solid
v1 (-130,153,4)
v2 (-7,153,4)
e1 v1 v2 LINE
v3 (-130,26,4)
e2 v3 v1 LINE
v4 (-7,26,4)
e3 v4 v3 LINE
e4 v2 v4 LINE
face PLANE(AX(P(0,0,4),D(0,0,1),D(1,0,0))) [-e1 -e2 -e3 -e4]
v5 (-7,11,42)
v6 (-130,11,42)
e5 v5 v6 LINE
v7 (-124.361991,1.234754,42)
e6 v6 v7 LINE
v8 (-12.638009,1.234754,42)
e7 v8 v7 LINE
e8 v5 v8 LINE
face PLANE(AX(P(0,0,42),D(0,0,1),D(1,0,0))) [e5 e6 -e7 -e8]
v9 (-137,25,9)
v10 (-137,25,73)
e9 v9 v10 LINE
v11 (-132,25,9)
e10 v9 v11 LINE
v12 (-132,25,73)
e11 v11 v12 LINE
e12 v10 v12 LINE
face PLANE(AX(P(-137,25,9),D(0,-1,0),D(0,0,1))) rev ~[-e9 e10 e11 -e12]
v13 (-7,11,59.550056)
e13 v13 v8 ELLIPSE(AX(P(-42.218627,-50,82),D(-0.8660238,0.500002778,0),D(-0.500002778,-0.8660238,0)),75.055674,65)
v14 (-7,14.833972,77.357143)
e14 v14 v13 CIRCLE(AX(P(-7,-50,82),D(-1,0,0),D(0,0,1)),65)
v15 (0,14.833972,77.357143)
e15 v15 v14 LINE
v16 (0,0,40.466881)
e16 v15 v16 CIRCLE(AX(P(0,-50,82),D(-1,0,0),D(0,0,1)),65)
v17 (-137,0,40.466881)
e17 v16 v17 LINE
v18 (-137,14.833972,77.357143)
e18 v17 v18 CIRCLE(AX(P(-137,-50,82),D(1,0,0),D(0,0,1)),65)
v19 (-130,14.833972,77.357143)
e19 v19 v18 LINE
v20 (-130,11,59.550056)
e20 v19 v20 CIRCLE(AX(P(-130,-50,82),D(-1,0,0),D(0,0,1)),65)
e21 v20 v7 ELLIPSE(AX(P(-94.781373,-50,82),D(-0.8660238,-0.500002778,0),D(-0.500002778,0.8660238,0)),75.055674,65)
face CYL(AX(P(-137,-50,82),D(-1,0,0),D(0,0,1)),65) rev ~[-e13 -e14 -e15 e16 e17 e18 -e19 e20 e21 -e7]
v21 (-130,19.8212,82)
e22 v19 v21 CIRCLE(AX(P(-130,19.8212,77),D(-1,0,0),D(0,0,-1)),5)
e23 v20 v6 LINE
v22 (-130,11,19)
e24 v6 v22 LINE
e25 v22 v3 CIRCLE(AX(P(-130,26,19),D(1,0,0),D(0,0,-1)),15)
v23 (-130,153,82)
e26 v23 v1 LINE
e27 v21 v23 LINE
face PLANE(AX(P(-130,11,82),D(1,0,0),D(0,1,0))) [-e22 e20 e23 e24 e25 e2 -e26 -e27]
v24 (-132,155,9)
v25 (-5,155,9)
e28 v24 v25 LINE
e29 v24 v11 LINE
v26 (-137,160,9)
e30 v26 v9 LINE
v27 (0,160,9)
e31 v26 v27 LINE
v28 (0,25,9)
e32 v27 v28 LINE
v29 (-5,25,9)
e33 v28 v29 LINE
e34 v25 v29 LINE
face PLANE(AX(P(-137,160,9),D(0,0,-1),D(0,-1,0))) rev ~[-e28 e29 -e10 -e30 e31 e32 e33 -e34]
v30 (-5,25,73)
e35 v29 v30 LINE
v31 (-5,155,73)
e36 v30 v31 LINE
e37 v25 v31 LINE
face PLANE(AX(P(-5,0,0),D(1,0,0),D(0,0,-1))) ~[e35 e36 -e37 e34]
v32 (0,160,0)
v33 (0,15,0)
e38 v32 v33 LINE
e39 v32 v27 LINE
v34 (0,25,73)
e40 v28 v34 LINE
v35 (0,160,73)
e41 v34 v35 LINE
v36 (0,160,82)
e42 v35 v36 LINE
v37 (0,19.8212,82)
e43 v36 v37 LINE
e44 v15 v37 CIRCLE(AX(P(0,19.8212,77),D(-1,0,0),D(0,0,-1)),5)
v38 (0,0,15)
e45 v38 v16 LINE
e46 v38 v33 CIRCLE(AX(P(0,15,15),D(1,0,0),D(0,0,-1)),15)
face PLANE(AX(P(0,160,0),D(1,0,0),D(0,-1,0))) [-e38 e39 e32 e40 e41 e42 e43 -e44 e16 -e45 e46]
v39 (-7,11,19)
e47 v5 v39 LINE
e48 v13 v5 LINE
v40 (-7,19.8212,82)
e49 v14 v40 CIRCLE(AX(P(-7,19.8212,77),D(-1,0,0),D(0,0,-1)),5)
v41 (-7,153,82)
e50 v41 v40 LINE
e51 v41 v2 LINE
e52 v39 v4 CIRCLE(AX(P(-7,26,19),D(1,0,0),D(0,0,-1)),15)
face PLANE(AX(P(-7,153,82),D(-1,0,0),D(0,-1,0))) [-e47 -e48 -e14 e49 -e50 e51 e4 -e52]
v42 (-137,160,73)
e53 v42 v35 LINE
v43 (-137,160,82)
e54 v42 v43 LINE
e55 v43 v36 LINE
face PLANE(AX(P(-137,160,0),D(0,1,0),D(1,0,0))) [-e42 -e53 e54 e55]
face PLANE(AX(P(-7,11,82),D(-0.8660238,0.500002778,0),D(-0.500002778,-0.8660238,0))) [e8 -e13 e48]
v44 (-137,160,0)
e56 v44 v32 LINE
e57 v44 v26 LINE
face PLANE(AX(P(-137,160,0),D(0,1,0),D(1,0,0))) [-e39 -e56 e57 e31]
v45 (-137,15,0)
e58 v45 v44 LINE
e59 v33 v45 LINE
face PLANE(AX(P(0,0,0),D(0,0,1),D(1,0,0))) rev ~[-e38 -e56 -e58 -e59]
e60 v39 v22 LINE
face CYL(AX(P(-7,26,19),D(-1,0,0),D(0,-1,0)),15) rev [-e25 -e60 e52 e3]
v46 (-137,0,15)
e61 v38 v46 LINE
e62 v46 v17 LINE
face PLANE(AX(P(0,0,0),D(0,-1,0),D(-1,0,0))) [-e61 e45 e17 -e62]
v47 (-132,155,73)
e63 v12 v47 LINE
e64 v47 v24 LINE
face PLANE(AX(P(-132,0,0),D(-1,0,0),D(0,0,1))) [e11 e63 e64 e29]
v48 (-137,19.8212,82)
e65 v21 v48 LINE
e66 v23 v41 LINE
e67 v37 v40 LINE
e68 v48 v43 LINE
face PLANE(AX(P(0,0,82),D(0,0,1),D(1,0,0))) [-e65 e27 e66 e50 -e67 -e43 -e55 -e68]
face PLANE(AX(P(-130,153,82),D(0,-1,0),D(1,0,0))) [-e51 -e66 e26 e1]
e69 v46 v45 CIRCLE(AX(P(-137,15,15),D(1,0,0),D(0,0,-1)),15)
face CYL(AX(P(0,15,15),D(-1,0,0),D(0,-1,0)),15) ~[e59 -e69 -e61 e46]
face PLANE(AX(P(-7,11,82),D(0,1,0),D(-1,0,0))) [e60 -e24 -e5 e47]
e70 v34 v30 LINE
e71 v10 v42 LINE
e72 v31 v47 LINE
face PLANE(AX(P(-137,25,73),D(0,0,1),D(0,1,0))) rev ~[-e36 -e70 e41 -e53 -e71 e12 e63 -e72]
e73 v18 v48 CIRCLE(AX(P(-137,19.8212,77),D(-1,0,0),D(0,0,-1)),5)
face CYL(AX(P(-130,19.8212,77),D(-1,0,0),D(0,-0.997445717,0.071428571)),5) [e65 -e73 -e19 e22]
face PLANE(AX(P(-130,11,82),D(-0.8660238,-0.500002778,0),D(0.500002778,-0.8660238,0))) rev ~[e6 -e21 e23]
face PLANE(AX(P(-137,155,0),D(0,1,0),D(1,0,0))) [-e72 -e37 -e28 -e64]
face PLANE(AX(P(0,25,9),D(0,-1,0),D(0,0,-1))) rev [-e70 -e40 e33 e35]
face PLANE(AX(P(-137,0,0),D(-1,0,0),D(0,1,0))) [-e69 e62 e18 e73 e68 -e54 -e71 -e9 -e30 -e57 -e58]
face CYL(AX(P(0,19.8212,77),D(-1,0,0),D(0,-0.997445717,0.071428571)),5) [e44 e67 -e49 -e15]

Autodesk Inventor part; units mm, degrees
ref_plane "YZ Plane" through (0, 0, 0) normal (1, 0, 0) x (0, 1, 0)
ref_plane "XZ Plane" through (0, 0, 0) normal (0, 1, 0) x (-1, 0, 0)
sketch "Sketch1" plane through (0, 0, 0) normal (0, 0, 1) x (1, 0, 0)
  line L0 (0, 0) -> (-137, 0)
  line L1 (-137, 0) -> (-137, 160)
  line L2 (-137, 160) -> (0, 160)
  line L3 (0, 160) -> (0, 0)
  dimension "d0" = 137
  dimension "d1" = 160
extrude "Extrusion1" add sketch "Sketch1" along normal blind 82
sketch "Sketch2" plane through (0, 0, 82) normal (0, 0, 1) x (1, 0, 0)
  line L0 (-7, 11) -> (-130, 11)
  line L1 (-130, 11) -> (-130, 153)
  line L2 (-130, 153) -> (-7, 153)
  line L3 (-7, 153) -> (-7, 11)
  line L4 (-137, 160) -> (-137, 0) projected
  line L5 (0, 0) -> (0, 160) projected
  line L6 (0, 160) -> (-137, 160) projected
  line L7 (-137, 0) -> (0, 0) projected
  dimension "d4" = 7
  dimension "d5" = 7
  dimension "d6" = 7
  dimension "d7" = 11
extrude "Extrusion2" cut sketch "Sketch2" against normal blind 78 contours L0 L1 L2 L3
sketch "Sketch3" plane through (0, 0, 82) normal (0, 0, 1) x (1, 0, 0)
  line L0 (-7, 11) -> (-130, 11) projected
  line L1 (-130, 11) -> (-123.6491, 0)
  line L2 (0, 0) -> (-137, 0) projected
  line L3 (-130, 11) -> (-117.2983, 11) construction
  line L4 (-7, 11) -> (-13.3509, 0)
  line L5 (-7, 11) -> (5.7017, 11) construction
  line L6 (-13.3509, 0) -> (-123.6491, 0)
  line L7 (-130, 11) -> (-7, 11)
  dimension "d10" = 60
  dimension "d11" = 120
extrude "Extrusion3" cut sketch "Sketch3" against normal blind 40
sketch "Sketch4" plane through (-137, 0, 0) normal (-1, 0, 0) x (0, 0, 1)
  line L0 (73, 160) -> (9, 160)
  line L1 (9, 160) -> (9, 25)
  line L2 (9, 25) -> (73, 25)
  line L3 (73, 25) -> (73, 160)
  line L4 (82, 160) -> (82, 0) projected
  line L5 (0, 0) -> (0, 160) projected
  line L6 (0, 160) -> (82, 160) projected
  line L7 (0, 0) -> (82, 0) projected
  dimension "d14" = 9
  dimension "d15" = 9
  dimension "d16" = 0
  dimension "d17" = 25
extrude "Extrusion4" cut sketch "Sketch4" against normal blind 5 contours L3 L2 L1 L0
ref_plane "Work Plane1" through (-68.5, 0, 0) normal (1, 0, 0) x (0, 0, -1)
mirror "Mirror1" about plane through (-68.5, 0, 0) normal (1, 0, 0) of "Extrusion4"
sketch "Sketch5" plane through (-137, 160, 0) normal (0, 1, 0) x (1, 0, 0)
  line L0 (137, -73) -> (132, -73) projected
  line L1 (5, -73) -> (5, -9) projected
  line L2 (132, -73) -> (5, -73)
  line L3 (5, -73) -> (5, -9)
  line L4 (5, -9) -> (132, -9)
  line L5 (132, -9) -> (132, -73)
  point P0 (137, 0)
extrude "Extrusion5" cut sketch "Sketch5" against normal blind 5
fillet "Fillet1" radius 15 1 edges at (-68.5, 11, 4)
fillet "Fillet2" radius 15 1 edges at (-68.5, 0, 0)
sketch "Sketch6" plane through (-137, 0, 82) normal (-1, 0, 0) x (0, 0, 1)
  circle A0 centre (0, -50) radius 65
  line L0 (-67, 0) -> (0, 0) projected
  line L1 (0, 160) -> (0, 0) projected
  point P0 (-82, 0)
  dimension "d24" = 130
  dimension "d25" = 50
  dimension "d26" = 0
extrude "Extrusion6" cut sketch "Sketch6" against normal through all
fillet "Fillet3" radius 5 2 edges at (-133.5, 15, 82) (-3.5, 15, 82)
properties part number "box"
